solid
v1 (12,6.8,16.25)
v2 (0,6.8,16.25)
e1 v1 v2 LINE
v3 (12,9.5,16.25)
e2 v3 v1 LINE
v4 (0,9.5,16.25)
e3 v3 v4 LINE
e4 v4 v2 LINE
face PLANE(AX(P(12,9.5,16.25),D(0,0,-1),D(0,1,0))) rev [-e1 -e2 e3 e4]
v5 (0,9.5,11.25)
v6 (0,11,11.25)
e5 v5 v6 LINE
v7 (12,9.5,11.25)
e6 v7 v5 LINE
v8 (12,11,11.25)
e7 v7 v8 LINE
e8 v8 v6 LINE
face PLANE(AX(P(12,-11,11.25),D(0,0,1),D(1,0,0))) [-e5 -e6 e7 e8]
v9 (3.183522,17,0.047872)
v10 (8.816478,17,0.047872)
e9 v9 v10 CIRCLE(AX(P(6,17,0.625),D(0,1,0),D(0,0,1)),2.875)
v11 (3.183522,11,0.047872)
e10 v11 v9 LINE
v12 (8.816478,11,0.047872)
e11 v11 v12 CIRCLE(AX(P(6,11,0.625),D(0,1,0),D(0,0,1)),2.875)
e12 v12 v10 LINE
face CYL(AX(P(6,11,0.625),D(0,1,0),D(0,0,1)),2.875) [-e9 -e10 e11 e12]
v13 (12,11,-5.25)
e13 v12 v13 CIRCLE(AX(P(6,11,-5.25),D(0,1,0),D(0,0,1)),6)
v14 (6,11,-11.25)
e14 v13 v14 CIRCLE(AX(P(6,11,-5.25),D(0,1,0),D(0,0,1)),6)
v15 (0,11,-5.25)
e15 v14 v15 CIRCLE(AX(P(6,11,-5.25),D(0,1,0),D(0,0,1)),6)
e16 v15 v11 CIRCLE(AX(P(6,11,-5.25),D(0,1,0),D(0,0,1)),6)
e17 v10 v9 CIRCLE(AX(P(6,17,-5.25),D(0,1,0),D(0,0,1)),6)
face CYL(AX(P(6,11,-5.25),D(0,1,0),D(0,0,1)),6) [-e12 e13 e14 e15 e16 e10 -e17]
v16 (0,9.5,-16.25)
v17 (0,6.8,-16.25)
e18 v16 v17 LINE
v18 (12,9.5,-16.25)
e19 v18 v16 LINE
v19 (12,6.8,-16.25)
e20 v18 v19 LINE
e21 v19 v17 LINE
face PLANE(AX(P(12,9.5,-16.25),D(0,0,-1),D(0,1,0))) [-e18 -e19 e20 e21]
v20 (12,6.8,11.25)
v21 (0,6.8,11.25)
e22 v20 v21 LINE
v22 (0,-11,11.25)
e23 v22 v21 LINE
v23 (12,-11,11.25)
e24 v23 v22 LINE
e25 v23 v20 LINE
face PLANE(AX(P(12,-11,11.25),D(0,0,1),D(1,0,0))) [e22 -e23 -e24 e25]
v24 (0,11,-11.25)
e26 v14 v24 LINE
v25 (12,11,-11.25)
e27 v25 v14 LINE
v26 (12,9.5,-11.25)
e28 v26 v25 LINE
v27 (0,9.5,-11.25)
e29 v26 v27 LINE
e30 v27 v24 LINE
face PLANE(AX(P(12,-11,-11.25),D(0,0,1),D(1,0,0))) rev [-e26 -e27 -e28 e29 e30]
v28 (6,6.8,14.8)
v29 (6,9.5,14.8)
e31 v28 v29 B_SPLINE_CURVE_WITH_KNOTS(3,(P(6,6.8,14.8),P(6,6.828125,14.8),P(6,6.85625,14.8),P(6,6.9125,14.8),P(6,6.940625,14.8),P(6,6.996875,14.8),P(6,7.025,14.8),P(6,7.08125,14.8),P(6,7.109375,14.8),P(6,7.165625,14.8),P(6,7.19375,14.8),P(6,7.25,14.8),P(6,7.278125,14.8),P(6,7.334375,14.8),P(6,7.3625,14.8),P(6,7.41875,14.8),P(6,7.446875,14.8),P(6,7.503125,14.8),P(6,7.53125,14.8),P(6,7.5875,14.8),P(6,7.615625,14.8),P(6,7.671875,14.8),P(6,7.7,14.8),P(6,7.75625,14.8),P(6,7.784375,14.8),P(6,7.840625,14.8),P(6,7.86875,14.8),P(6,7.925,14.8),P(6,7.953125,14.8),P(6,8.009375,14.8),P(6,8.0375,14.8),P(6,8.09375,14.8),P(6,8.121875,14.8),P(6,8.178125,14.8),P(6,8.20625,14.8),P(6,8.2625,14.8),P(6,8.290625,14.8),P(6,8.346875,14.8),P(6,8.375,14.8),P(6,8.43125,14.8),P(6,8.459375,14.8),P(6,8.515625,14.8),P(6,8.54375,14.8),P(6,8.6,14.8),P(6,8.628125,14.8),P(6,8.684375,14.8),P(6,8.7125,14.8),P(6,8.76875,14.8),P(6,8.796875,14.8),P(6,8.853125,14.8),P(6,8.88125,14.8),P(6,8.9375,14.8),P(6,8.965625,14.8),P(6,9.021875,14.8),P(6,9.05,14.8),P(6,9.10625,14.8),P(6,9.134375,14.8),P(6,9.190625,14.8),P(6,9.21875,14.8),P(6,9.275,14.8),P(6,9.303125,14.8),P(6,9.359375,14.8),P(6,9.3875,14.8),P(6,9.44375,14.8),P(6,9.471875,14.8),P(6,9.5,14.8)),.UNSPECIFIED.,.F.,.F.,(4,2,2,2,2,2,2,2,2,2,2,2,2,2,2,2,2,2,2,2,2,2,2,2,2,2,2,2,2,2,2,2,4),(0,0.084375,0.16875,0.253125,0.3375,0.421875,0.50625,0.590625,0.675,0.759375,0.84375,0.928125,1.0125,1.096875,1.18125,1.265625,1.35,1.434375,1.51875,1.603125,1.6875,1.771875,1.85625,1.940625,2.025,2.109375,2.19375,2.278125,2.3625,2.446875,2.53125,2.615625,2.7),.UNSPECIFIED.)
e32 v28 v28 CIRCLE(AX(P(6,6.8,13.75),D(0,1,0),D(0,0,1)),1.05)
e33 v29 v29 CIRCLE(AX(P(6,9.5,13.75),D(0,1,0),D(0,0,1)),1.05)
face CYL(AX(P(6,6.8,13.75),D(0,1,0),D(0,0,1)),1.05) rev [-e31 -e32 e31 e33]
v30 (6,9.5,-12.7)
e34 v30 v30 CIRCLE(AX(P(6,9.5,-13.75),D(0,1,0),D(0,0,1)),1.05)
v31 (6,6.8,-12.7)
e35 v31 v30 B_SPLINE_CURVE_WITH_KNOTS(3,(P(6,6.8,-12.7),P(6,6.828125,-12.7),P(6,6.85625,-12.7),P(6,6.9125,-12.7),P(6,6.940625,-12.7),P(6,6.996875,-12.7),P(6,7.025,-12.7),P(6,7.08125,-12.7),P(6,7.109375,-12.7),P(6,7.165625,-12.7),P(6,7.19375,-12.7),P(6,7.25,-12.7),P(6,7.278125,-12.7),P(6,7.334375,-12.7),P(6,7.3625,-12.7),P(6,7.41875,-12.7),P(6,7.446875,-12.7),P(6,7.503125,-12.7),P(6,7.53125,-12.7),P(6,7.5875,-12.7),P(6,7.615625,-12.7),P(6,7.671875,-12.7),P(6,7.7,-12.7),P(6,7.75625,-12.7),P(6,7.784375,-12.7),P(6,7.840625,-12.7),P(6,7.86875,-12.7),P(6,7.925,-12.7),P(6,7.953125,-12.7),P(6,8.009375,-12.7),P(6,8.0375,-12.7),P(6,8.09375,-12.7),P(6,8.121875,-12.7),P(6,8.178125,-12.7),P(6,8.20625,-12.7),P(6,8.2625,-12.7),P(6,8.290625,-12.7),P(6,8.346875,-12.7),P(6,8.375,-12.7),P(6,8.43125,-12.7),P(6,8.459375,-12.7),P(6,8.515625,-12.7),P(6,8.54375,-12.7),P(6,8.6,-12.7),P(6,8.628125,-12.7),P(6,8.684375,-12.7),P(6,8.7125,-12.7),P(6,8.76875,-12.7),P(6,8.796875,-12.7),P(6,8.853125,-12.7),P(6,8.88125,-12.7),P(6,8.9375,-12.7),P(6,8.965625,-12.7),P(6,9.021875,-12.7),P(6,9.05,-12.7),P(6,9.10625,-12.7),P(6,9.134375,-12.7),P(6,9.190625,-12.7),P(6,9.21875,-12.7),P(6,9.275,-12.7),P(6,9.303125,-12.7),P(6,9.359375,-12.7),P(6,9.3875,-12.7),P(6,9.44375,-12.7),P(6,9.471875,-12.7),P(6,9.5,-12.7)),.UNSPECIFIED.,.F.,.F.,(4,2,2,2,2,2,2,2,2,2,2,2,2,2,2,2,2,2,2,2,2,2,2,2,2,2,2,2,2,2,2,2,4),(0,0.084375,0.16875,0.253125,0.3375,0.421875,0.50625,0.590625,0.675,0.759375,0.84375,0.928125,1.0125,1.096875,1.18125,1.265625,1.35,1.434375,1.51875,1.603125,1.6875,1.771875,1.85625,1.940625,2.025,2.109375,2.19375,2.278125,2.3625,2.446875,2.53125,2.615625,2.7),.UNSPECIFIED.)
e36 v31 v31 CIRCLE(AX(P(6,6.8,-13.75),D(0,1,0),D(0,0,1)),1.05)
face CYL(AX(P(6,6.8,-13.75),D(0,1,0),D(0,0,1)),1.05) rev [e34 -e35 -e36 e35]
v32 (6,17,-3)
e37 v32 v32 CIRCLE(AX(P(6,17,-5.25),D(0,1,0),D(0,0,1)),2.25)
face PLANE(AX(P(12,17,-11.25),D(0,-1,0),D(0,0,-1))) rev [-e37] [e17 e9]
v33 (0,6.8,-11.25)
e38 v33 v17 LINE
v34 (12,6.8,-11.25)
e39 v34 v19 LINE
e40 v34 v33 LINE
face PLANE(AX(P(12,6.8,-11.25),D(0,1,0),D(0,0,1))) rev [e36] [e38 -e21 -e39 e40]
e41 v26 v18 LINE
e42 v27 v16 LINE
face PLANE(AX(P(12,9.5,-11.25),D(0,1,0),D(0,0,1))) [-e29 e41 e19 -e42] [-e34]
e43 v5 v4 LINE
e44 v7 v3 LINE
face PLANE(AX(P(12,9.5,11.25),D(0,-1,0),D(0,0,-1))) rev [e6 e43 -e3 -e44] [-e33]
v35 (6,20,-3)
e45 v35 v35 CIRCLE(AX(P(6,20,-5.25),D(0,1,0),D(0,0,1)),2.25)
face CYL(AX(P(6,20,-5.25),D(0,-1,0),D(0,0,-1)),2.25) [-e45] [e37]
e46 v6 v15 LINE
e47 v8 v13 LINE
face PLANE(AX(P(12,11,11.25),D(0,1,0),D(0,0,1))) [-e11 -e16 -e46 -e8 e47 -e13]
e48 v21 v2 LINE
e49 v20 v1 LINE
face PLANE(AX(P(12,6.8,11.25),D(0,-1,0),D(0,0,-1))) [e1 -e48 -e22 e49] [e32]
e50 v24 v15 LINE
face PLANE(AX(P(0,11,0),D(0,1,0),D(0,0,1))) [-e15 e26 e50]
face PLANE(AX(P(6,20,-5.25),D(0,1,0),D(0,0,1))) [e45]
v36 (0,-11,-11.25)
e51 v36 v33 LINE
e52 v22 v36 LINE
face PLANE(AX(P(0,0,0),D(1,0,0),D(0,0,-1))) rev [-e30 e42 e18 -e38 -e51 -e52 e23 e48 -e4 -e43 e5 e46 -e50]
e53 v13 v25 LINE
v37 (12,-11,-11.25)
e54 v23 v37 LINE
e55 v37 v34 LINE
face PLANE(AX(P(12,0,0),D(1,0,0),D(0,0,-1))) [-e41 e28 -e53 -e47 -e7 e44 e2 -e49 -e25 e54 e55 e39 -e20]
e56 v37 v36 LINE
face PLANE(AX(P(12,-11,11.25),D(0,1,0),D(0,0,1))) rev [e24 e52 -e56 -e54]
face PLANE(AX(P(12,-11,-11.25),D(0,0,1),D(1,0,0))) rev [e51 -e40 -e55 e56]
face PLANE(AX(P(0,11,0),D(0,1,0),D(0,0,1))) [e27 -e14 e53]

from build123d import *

# Parameters (mm, degrees)
SKETCH1_W           = 5
SKETCH1_H           = 2.7
SKETCH1_W_2         = 14.75
SKETCH1_H_2         = 6
BOSS_EXTRUDE1_DEPTH = 12
CUT_EXTRUDE1_DEPTH  = 6
SKETCH3_R           = 1.05
CUT_EXTRUDE2_DEPTH  = 2.7
SKETCH4_R           = 2.25
BOSS_EXTRUDE3_DEPTH = 3


with BuildPart() as part:
    # Sketch1 → Boss-Extrude1 (new body)
    with BuildSketch(Plane(origin=(0, 0, 0), x_dir=(0, 0, -1), z_dir=(1, 0, 0))):
        Polygon((-11.25, 6.8), (-11.25, -11), (11.25, -11), (11.25, 6.8), (11.25, 9.5), (11.25, 11), (-3.5, 11), (-11.25, 11), (-11.25, 9.5), align=None)
        with Locations((-13.75, 8.15)):
            Rectangle(SKETCH1_W, SKETCH1_H)
        with Locations((13.75, 8.15)):
            Rectangle(SKETCH1_W, SKETCH1_H)
        with Locations((3.875, 14)):
            Rectangle(SKETCH1_W_2, SKETCH1_H_2)
    extrude(amount=BOSS_EXTRUDE1_DEPTH)

    # Sketch2 → Cut-Extrude1 (cut)
    with BuildSketch(Plane(origin=(0, 17, 0), x_dir=(1, 0, 0), z_dir=(0, 1, 0))):
        with BuildLine():
            ThreePointArc((0, 5.25), (1.757359313, 9.492640687), (6, 11.25))
            Line((6, 11.25), (0, 11.25))
            Line((0, 11.25), (0, 5.25))
        make_face()
        with BuildLine():
            Line((12, 11.25), (6, 11.25))
            ThreePointArc((6, 11.25), (10.242640687, 9.492640687), (12, 5.25))
            Line((12, 5.25), (12, 11.25))
        make_face()
        with BuildLine():
            Line((12, -3.5), (12, 5.25))
            ThreePointArc((12, 5.25), (11.142901339, 2.159601026), (8.81647806, -0.04787234))
            ThreePointArc((8.81647806, -0.04787234), (8.860332098, -0.334956403), (8.875, -0.625))
            ThreePointArc((8.875, -0.625), (8.032931996, -2.657931996), (6, -3.5))
            Line((6, -3.5), (12, -3.5))
        make_face()
        with BuildLine():
            ThreePointArc((3.18352194, -0.04787234), (0.857098661, 2.159601026), (0, 5.25))
            Line((0, 5.25), (0, -3.5))
            Line((0, -3.5), (6, -3.5))
            ThreePointArc((6, -3.5), (3.772347983, -2.442468429), (3.18352194, -0.04787234))
        make_face()
    extrude(amount=-CUT_EXTRUDE1_DEPTH, mode=Mode.SUBTRACT)

    # Sketch3 → Cut-Extrude2 (cut)
    with BuildSketch(Plane(origin=(0, 9.5, 0), x_dir=(1, 0, 0), z_dir=(0, 1, 0))):
        with Locations(Location((6, -13.75, 0), (0, 0, 270))):
            Circle(SKETCH3_R)
        with Locations(Location((6, 13.75, 0), (0, 0, 270))):
            Circle(SKETCH3_R)
    extrude(amount=-CUT_EXTRUDE2_DEPTH, mode=Mode.SUBTRACT)

    # Sketch4 → Boss-Extrude3 (add)
    with BuildSketch(Plane(origin=(0, 17, 0), x_dir=(1, 0, 0), z_dir=(0, 1, 0))):
        with Locations(Location((6, 5.25, 0), (0, 0, 270))):
            Circle(SKETCH4_R)
    extrude(amount=BOSS_EXTRUDE3_DEPTH)


solid = part.part
